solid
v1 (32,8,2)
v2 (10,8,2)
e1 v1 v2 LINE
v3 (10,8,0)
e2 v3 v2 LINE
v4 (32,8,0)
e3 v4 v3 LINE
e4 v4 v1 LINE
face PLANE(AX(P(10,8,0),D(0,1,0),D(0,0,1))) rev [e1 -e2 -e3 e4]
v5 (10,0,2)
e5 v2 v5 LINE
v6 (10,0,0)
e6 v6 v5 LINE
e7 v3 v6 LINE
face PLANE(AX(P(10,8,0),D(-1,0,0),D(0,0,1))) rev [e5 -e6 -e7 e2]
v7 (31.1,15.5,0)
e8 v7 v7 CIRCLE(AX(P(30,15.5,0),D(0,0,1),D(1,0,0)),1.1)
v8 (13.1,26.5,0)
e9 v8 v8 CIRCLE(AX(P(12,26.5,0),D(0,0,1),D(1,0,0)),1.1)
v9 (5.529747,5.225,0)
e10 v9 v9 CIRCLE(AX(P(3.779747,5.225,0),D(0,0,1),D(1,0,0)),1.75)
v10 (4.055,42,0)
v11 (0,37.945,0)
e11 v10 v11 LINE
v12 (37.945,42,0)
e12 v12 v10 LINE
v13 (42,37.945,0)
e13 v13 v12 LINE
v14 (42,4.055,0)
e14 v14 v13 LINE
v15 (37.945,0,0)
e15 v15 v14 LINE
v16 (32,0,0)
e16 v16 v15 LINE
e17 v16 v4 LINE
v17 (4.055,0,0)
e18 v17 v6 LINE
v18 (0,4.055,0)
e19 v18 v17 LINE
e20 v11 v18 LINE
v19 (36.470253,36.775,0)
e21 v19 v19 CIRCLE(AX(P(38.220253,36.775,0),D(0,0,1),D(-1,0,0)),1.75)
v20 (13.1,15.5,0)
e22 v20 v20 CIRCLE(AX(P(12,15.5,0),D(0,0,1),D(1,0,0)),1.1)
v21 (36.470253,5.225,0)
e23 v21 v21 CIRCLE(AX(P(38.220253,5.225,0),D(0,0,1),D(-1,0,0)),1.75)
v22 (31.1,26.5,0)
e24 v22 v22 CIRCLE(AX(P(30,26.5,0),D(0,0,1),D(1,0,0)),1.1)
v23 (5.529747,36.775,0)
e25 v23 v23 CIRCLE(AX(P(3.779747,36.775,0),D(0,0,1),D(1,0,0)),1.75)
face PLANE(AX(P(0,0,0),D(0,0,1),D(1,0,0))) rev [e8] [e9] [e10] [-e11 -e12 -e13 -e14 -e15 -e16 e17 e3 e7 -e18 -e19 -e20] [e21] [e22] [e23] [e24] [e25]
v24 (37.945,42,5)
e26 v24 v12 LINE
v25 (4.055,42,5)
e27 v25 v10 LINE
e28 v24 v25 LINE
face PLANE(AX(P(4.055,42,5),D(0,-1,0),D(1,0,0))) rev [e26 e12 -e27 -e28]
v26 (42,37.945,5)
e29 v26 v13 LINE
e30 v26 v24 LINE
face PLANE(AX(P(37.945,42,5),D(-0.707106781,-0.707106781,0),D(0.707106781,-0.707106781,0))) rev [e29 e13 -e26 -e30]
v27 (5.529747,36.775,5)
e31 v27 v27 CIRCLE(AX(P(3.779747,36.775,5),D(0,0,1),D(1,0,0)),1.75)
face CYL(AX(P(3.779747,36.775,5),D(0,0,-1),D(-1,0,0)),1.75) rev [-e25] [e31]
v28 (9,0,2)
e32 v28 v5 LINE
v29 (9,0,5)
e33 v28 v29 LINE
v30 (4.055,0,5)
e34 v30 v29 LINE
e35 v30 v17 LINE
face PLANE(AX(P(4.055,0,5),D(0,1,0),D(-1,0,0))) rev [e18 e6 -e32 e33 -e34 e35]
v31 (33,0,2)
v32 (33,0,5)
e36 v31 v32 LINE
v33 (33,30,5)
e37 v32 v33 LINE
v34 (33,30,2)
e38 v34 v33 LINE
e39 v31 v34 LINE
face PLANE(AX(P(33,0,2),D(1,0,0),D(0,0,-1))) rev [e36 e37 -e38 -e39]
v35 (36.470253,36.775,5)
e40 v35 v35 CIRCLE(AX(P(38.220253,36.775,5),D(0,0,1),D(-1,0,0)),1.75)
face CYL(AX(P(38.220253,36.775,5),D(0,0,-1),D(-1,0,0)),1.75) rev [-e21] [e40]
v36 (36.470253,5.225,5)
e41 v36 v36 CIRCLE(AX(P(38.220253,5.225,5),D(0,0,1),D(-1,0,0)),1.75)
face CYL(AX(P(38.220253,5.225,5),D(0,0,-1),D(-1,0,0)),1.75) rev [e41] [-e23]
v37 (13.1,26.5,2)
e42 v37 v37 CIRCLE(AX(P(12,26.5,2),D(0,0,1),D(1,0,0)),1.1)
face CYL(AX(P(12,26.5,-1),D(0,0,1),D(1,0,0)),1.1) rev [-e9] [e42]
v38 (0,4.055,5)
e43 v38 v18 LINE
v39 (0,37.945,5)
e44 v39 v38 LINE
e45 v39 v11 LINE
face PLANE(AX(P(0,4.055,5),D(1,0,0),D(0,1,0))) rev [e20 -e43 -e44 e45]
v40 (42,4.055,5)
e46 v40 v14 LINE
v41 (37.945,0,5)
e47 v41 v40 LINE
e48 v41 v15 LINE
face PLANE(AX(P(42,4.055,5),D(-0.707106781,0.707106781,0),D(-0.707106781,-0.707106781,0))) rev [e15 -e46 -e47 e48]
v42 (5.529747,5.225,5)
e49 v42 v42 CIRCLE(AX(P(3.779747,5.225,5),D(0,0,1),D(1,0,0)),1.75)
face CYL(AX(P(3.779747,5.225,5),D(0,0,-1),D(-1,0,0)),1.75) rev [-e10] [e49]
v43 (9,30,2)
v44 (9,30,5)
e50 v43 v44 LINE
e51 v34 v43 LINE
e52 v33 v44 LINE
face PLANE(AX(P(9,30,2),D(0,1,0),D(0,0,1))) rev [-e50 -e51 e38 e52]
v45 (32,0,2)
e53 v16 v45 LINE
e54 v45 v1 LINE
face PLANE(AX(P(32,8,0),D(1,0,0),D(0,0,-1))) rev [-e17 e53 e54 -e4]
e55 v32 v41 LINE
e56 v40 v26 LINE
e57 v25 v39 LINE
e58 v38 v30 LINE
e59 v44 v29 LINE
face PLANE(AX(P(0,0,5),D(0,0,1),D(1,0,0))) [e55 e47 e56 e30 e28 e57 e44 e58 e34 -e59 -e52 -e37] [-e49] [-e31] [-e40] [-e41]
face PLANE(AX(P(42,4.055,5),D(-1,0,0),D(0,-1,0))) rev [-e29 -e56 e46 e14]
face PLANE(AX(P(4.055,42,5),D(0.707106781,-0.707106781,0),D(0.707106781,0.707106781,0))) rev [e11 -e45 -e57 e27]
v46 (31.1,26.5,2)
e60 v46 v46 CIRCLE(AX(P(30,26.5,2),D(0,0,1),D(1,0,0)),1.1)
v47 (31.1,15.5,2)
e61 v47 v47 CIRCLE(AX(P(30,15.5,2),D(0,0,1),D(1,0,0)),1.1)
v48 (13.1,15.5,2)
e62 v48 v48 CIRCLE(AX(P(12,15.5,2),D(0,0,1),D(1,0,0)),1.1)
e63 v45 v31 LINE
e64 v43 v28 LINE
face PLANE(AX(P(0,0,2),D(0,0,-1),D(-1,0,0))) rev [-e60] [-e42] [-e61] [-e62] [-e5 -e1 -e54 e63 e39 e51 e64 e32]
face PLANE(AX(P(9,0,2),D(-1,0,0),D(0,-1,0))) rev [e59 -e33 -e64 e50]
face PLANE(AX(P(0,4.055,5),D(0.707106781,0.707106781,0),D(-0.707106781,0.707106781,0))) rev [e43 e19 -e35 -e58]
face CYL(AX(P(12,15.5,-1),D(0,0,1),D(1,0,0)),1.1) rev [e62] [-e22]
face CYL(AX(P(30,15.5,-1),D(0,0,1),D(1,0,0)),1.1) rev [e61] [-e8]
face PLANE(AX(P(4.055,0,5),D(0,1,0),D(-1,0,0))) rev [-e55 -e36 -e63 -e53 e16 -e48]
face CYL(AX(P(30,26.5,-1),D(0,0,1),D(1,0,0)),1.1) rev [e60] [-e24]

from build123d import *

# Parameters (mm, degrees)
SKETCH1_R               = 1.75
BOSS_EXTRUDE1_DEPTH     = 5
CUT_EXTRUDE1_DEPTH      = 60.607046563
CUT_EXTRUDE1_DEPTH_BACK = 60.607046563
SKETCH2_W               = 22
SKETCH2_H               = 8
SKETCH3_W               = 24
SKETCH3_H               = 30
CUT_EXTRUDE2_DEPTH      = 3
SKETCH4_R               = 1.1
CUT_EXTRUDE3_DEPTH      = 3


with BuildPart() as part:
    # Sketch1 → Boss-Extrude1 (new body)
    with BuildSketch(Plane.XY):
        Polygon((4.055, 42), (0, 37.945), (0, 4.055), (4.055, 0), (37.945, 0), (42, 4.055), (42, 37.945), (37.945, 42), align=None)
        with Locations((3.779747468, 36.775)):
            Circle(SKETCH1_R, mode=Mode.SUBTRACT)
        with Locations((3.779747468, 5.225)):
            Circle(SKETCH1_R, mode=Mode.SUBTRACT)
        with Locations(Location((38.220252532, 5.225, 0), (0, 0, 180))):
            Circle(SKETCH1_R, mode=Mode.SUBTRACT)
        with Locations(Location((38.220252532, 36.775, 0), (0, 0, 180))):
            Circle(SKETCH1_R, mode=Mode.SUBTRACT)
    extrude(amount=BOSS_EXTRUDE1_DEPTH)

    # Sketch2 → Cut-Extrude1 (cut, two sides: drawn at the far end of the back side and taken through both)
    with BuildSketch(Plane.XY.offset(5).offset(-CUT_EXTRUDE1_DEPTH_BACK)):
        with Locations((21, 4)):
            Rectangle(SKETCH2_W, SKETCH2_H)
    extrude(amount=CUT_EXTRUDE1_DEPTH + CUT_EXTRUDE1_DEPTH_BACK, mode=Mode.SUBTRACT)

    # Sketch3 → Cut-Extrude2 (cut)
    with BuildSketch(Plane.XY.offset(5)):
        with Locations((21, 15)):
            Rectangle(SKETCH3_W, SKETCH3_H)
    extrude(amount=-CUT_EXTRUDE2_DEPTH, mode=Mode.SUBTRACT)

    # Sketch4 → Cut-Extrude3 (cut)
    with BuildSketch(Plane.XY.offset(2)):
        with Locations((12, 26.5)):
            Circle(SKETCH4_R)
        with Locations((30, 26.5)):
            Circle(SKETCH4_R)
        with Locations((12, 15.5)):
            Circle(SKETCH4_R)
        with Locations((30, 15.5)):
            Circle(SKETCH4_R)
    extrude(amount=-CUT_EXTRUDE3_DEPTH, mode=Mode.SUBTRACT)


solid = part.part
